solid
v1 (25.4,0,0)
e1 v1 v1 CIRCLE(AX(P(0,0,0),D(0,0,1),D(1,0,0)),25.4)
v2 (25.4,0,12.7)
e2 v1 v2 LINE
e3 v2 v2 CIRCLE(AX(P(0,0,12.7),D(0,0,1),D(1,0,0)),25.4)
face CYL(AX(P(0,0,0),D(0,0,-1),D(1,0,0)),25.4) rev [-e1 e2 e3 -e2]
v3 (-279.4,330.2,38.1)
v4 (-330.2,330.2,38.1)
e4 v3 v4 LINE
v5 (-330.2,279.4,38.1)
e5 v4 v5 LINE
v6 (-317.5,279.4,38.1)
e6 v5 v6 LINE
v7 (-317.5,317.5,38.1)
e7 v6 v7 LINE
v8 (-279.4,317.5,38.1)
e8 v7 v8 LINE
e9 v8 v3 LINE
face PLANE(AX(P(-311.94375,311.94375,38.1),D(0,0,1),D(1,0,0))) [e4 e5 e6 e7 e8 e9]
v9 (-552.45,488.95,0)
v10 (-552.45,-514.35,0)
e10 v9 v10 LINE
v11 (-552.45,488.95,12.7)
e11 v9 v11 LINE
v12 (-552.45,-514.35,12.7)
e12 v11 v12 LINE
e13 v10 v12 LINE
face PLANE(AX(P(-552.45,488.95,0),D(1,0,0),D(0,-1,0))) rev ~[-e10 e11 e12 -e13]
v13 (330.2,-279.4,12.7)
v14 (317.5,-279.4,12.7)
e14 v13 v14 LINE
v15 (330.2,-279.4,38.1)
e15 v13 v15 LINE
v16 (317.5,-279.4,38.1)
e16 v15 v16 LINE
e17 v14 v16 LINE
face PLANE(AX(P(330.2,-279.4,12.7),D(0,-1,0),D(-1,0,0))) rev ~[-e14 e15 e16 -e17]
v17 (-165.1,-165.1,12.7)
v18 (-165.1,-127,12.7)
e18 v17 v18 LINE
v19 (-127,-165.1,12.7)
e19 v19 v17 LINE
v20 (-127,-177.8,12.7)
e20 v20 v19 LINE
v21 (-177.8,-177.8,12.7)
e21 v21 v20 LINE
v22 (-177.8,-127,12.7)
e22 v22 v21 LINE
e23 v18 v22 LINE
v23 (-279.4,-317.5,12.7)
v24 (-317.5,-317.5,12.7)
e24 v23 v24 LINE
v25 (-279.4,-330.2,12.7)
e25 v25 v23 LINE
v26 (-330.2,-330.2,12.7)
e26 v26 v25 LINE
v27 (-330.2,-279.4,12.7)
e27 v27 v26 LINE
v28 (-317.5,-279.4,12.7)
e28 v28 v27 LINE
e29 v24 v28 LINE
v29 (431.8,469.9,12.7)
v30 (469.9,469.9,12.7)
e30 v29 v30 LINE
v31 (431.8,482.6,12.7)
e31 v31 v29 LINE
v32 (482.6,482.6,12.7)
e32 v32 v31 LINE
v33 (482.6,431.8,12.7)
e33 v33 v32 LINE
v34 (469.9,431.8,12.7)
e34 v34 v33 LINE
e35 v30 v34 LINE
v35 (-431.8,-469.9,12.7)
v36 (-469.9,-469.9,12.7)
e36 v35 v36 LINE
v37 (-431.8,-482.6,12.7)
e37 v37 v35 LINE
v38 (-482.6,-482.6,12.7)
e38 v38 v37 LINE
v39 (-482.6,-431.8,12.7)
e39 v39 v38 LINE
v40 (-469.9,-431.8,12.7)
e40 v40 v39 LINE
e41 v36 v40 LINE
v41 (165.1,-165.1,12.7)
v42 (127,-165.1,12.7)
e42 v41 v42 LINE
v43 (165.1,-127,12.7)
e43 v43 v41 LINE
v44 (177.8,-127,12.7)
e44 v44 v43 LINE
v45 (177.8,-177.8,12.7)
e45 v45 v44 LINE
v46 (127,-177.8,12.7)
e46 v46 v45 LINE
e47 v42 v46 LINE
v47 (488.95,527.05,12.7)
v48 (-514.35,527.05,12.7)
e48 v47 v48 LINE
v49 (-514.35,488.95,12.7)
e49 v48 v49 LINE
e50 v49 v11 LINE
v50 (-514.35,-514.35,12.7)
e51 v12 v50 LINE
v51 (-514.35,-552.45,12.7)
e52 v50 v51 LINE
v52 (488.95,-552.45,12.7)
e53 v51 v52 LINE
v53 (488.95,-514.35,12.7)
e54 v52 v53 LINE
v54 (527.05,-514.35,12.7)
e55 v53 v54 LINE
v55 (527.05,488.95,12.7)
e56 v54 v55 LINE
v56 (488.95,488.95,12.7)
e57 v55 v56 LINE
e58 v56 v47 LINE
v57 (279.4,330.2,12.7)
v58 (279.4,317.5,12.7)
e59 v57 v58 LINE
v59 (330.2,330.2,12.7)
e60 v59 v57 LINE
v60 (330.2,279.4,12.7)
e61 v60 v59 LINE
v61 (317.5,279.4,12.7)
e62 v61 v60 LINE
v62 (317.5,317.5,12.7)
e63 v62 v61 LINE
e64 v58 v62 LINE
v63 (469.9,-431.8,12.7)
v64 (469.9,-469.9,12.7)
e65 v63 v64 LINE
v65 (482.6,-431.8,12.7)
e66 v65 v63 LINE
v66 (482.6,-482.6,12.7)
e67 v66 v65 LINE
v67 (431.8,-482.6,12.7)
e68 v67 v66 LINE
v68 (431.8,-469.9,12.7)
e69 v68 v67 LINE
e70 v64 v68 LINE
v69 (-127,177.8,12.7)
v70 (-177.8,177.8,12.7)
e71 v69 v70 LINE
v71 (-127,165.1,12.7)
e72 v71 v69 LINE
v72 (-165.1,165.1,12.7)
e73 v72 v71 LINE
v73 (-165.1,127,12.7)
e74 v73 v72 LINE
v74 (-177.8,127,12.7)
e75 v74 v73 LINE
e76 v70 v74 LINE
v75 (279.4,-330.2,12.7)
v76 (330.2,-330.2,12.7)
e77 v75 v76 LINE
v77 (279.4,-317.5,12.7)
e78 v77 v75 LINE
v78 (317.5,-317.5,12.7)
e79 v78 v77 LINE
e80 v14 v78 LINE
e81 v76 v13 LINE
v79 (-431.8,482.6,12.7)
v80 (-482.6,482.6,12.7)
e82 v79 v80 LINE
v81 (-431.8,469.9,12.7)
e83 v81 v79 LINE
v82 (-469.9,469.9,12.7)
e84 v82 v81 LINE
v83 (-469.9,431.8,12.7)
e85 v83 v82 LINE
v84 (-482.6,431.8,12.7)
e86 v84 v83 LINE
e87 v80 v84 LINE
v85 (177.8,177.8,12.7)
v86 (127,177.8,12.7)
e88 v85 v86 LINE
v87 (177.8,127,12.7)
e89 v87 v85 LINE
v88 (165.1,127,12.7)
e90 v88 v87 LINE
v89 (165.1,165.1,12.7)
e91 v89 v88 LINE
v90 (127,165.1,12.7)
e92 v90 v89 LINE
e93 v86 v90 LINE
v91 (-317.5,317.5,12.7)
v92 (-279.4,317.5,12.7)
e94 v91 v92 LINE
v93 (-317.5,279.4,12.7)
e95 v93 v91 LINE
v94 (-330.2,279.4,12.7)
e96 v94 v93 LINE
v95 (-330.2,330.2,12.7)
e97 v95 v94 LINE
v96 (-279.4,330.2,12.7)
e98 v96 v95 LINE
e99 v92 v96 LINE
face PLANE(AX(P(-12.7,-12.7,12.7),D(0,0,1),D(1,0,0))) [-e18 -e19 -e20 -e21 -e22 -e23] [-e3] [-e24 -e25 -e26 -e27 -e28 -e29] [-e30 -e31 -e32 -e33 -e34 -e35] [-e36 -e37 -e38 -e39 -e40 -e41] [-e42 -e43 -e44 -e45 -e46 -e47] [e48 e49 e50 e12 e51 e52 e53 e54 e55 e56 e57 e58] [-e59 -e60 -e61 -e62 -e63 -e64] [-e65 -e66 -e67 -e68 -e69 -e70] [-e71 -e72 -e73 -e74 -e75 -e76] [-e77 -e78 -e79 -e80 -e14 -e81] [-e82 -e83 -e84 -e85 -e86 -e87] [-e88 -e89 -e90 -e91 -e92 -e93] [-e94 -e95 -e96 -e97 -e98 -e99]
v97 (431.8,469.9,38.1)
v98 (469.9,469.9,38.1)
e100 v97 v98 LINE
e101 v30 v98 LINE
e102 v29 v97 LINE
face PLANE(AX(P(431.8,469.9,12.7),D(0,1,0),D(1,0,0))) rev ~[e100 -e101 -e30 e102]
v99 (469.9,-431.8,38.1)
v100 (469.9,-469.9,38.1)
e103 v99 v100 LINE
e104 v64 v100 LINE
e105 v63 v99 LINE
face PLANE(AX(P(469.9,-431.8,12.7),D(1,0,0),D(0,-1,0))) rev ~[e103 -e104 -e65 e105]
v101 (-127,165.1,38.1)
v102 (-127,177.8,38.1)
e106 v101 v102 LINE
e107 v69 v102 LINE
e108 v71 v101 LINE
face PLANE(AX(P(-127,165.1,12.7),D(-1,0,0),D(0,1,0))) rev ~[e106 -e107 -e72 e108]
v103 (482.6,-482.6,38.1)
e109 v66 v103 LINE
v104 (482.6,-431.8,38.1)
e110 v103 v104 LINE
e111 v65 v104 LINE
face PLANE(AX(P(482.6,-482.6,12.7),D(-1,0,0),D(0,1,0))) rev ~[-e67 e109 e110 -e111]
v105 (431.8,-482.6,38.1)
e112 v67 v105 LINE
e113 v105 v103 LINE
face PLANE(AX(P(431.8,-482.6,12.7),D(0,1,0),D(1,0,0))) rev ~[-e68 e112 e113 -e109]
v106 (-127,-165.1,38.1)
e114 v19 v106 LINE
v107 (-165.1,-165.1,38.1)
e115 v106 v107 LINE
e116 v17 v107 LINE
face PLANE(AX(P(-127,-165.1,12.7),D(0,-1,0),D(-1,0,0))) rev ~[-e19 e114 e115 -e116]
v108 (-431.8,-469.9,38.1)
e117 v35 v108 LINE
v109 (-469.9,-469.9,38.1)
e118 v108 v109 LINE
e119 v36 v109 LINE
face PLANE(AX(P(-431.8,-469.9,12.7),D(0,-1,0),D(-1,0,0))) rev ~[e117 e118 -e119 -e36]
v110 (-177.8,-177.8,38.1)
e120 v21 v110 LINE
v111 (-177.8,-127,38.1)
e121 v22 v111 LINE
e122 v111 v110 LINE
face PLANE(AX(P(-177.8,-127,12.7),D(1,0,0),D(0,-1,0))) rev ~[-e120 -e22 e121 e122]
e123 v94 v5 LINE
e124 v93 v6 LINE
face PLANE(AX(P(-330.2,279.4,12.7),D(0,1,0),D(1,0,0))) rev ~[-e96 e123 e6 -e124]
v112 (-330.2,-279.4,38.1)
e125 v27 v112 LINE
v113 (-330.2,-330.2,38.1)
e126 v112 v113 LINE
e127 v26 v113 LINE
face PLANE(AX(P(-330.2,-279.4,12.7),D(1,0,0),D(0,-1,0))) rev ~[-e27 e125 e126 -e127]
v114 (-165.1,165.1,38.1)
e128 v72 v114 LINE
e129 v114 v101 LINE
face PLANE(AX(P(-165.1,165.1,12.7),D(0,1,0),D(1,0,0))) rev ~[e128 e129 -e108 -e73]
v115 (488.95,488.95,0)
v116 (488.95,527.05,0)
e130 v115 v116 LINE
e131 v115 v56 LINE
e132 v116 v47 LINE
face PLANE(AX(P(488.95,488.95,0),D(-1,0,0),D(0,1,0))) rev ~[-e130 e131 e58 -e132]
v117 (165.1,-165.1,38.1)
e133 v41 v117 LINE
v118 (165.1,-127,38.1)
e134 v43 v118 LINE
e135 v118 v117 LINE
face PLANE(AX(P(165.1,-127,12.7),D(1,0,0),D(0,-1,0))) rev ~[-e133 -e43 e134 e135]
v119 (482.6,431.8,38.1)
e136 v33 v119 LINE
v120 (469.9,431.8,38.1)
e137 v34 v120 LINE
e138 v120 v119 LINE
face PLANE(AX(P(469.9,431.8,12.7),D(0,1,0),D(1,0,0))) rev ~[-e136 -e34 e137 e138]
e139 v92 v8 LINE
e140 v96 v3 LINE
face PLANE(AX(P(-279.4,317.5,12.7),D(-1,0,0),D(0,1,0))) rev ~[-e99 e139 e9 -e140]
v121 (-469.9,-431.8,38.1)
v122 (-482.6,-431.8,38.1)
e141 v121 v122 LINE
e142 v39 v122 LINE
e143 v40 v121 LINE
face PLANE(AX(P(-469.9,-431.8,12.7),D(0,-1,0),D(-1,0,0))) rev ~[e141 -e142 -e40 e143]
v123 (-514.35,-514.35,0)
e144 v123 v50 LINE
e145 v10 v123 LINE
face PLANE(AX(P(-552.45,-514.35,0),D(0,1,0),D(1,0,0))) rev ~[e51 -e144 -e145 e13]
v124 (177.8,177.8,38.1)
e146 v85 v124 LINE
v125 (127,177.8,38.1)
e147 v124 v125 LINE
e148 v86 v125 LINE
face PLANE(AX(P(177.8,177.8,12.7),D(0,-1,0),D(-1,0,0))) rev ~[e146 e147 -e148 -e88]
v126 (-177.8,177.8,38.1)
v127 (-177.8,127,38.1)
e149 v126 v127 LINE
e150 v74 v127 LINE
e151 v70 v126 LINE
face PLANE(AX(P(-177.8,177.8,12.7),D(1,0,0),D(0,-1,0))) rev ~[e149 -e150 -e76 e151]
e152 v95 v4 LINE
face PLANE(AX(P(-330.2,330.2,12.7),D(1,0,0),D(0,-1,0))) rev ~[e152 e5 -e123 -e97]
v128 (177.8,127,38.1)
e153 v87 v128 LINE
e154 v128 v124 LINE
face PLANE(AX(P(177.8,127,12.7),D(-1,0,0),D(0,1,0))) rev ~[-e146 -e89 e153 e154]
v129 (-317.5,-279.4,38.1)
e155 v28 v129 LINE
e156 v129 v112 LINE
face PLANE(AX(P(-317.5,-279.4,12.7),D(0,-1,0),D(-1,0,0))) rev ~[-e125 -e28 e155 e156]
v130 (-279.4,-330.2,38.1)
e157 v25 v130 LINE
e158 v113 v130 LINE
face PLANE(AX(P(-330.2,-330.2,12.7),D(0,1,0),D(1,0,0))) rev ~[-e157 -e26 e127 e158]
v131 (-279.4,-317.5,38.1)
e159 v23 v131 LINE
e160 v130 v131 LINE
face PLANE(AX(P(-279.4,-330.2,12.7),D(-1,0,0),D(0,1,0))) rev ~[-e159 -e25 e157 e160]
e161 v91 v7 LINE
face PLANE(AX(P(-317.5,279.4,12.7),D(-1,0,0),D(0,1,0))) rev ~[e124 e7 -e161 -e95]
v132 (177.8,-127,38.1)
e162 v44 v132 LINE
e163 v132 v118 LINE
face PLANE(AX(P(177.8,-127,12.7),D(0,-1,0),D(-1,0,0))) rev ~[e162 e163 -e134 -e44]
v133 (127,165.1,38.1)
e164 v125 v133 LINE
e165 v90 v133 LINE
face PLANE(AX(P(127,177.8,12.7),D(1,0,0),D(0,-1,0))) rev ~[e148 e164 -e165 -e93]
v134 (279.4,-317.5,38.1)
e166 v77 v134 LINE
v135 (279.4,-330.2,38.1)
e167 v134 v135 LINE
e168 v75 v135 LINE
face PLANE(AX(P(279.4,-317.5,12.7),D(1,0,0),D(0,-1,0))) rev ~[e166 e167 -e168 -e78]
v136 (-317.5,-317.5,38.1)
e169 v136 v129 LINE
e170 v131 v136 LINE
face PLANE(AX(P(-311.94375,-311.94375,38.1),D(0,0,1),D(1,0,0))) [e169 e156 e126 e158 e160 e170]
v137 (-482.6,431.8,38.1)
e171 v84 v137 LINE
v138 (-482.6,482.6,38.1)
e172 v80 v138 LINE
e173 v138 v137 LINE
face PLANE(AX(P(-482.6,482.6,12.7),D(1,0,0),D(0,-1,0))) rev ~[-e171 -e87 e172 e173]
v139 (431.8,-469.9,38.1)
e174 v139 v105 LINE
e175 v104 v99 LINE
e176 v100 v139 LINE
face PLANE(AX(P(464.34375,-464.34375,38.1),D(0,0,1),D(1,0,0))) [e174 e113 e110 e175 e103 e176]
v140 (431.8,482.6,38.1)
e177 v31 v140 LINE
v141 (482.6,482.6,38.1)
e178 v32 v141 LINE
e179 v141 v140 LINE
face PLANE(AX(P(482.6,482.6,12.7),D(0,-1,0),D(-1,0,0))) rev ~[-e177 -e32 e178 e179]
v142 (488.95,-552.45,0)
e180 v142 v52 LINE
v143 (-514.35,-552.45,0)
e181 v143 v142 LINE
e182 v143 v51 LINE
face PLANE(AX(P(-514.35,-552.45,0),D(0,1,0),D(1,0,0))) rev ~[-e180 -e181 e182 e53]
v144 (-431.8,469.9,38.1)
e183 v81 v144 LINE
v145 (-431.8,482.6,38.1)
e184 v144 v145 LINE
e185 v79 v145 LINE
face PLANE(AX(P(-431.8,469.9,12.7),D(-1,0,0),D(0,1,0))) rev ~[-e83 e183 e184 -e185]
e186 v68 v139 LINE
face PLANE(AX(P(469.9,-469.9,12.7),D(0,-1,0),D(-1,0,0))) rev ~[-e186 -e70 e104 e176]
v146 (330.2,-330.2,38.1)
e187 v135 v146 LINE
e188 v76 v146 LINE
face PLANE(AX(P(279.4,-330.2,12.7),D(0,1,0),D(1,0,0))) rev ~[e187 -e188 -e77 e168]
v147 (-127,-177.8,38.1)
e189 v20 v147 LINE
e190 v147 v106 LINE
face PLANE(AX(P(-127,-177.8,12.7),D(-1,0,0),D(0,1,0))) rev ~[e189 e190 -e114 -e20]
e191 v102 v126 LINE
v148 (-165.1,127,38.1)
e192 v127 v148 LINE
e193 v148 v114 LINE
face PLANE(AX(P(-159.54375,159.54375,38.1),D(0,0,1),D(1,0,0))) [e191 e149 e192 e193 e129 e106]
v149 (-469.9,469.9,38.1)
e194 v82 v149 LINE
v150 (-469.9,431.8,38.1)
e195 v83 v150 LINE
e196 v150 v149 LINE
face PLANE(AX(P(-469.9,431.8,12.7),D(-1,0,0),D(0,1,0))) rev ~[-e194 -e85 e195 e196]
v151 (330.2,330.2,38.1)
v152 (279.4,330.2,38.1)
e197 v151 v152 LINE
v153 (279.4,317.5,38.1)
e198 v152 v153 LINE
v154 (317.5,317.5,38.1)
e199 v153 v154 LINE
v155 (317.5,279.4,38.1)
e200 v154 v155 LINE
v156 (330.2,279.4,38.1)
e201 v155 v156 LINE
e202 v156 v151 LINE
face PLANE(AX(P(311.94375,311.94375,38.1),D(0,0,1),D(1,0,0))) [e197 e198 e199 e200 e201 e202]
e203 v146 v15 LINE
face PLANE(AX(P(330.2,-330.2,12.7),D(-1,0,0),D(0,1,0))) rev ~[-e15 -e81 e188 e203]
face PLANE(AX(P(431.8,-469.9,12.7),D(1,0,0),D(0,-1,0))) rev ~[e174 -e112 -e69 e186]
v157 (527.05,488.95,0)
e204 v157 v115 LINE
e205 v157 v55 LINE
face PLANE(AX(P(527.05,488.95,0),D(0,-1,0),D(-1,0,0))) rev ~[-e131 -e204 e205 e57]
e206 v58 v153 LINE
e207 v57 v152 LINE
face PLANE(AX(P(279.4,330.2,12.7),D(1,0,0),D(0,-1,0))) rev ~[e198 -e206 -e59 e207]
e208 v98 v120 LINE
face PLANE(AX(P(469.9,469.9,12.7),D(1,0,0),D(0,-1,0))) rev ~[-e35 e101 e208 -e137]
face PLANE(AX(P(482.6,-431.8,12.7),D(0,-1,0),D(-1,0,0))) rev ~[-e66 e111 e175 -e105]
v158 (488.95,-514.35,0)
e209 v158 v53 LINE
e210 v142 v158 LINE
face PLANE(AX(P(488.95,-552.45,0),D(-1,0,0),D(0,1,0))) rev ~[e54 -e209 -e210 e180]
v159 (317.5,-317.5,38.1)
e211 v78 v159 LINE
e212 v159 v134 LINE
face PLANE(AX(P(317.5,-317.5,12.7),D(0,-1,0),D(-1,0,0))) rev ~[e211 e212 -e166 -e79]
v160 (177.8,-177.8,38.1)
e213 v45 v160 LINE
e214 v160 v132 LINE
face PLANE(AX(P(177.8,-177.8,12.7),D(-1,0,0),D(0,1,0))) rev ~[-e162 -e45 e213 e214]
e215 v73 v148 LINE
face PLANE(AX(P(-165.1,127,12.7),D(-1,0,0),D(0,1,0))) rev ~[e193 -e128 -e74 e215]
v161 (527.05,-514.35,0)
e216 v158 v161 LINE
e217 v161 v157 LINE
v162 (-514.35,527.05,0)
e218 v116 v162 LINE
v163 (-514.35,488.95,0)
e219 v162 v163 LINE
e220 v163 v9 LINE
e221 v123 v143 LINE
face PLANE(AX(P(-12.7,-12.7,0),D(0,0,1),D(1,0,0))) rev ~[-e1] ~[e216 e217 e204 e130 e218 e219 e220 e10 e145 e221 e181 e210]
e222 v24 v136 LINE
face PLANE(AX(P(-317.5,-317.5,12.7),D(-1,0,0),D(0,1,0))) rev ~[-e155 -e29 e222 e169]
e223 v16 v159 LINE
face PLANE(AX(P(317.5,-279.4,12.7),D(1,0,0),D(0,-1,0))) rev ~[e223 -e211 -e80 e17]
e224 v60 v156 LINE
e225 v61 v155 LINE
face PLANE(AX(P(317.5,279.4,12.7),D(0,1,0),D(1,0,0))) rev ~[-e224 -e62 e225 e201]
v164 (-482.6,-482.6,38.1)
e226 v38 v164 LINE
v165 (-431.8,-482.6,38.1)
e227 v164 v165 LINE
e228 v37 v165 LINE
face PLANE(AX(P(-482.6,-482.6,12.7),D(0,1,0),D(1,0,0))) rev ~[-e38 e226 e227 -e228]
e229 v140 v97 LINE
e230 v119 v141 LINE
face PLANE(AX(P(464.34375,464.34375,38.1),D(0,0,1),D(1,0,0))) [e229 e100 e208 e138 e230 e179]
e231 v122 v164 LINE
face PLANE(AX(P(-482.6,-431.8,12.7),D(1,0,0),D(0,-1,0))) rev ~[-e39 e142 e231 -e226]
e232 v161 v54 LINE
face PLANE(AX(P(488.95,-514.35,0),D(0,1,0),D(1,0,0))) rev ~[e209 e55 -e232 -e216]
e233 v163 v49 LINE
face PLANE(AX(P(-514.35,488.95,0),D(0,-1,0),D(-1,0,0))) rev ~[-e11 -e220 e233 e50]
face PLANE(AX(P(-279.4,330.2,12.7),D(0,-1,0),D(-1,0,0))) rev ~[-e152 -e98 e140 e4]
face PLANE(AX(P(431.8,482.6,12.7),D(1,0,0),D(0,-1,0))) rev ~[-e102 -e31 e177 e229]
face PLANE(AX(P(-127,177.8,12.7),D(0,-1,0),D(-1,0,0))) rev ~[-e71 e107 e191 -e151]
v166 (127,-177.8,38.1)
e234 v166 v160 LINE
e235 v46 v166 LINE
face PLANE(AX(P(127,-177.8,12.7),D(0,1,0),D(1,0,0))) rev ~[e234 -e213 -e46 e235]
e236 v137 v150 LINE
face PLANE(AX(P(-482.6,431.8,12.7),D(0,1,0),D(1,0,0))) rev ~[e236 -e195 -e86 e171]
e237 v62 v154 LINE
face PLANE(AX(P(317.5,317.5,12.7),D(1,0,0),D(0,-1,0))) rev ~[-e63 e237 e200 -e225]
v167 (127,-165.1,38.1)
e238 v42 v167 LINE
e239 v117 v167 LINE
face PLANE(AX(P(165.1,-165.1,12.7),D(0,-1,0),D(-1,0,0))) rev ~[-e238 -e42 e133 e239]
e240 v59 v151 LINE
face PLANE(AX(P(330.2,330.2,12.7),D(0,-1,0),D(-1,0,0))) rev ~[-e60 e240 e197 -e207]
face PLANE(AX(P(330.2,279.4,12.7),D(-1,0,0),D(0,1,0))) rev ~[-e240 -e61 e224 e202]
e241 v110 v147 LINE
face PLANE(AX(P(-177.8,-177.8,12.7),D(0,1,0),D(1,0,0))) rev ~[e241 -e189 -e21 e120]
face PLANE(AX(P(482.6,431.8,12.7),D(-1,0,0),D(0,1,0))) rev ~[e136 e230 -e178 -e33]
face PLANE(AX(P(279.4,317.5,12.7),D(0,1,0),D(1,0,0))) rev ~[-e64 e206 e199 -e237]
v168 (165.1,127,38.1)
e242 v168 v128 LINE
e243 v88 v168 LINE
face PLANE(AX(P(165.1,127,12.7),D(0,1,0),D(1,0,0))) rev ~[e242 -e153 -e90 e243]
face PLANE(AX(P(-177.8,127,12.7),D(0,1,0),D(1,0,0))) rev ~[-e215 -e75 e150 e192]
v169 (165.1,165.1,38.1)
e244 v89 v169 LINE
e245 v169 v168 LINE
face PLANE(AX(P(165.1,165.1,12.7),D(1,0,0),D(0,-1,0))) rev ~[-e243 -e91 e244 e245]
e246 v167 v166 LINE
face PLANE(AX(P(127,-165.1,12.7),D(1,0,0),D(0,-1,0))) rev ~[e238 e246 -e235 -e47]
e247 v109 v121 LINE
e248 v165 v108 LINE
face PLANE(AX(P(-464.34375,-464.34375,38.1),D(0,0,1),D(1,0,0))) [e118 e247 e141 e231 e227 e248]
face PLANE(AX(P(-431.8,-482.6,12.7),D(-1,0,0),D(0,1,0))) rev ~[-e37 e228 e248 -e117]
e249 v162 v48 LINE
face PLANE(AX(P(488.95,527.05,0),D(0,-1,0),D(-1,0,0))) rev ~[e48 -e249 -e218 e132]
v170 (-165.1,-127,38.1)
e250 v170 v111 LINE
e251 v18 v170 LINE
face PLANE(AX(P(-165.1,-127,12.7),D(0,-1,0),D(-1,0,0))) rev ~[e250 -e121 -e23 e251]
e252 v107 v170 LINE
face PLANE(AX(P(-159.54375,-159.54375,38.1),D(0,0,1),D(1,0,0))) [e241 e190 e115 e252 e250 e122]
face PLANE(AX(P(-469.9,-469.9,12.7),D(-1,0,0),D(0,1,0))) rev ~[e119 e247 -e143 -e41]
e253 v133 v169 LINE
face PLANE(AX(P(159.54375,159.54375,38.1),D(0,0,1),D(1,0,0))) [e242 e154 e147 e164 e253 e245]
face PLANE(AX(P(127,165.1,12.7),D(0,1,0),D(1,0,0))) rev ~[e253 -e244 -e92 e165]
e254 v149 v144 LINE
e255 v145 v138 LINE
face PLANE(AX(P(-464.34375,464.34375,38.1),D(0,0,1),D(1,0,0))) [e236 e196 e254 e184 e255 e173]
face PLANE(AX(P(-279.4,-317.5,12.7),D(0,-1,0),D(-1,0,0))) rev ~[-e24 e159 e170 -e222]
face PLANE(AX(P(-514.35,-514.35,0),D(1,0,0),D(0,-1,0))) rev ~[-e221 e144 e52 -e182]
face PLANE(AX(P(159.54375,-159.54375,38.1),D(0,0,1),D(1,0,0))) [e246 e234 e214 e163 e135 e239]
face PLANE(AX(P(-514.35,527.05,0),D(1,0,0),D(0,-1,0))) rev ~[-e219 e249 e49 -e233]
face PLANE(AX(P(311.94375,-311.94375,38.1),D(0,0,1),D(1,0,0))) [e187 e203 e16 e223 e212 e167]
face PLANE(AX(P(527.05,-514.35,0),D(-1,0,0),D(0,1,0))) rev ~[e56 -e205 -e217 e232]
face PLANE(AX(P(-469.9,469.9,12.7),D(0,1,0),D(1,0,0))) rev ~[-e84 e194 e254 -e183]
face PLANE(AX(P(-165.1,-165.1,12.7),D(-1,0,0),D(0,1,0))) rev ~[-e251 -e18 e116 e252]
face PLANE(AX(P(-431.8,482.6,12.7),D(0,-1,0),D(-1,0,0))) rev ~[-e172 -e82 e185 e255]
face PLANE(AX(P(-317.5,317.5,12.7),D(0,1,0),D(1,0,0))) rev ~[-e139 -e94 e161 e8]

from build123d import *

# Parameters (mm, degrees)
F0_R     = 25.4
F1_DEPTH = 12.7
F3_DEPTH = 25.4


with BuildPart() as f1:
    # F0 (on Top) → F1 (new body)
    with BuildSketch(Plane.XY):
        Polygon((-514.35, 488.95), (-552.45, 488.95), (-552.45, -514.35), (-514.35, -514.35), (-514.35, -552.45), (488.95, -552.45), (488.95, -514.35), (527.05, -514.35), (527.05, 488.95), (488.95, 488.95), (488.95, 527.05), (-514.35, 527.05), align=None)
        Circle(F0_R, mode=Mode.SUBTRACT)
    extrude(amount=F1_DEPTH)

    # F2 (on face) → F3 (join)
    with BuildSketch(Plane.XY.offset(12.7)):
        Polygon((-330.2, 330.2), (-330.2, 279.4), (-317.5, 279.4), (-317.5, 317.5), (-279.4, 317.5), (-279.4, 330.2), align=None)
        Polygon((-127, 177.8), (-177.8, 177.8), (-177.8, 127), (-165.1, 127), (-165.1, 165.1), (-127, 165.1), align=None)
        Polygon((-165.1, -127), (-177.8, -127), (-177.8, -177.8), (-127, -177.8), (-127, -165.1), (-165.1, -165.1), align=None)
        Polygon((177.8, 177.8), (127, 177.8), (127, 165.1), (165.1, 165.1), (165.1, 127), (177.8, 127), align=None)
        Polygon((330.2, 330.2), (279.4, 330.2), (279.4, 317.5), (317.5, 317.5), (317.5, 279.4), (330.2, 279.4), align=None)
        Polygon((177.8, -177.8), (177.8, -127), (165.1, -127), (165.1, -165.1), (127, -165.1), (127, -177.8), align=None)
        Polygon((482.6, 482.6), (431.8, 482.6), (431.8, 469.9), (469.9, 469.9), (469.9, 431.8), (482.6, 431.8), align=None)
        Polygon((-431.8, 482.6), (-482.6, 482.6), (-482.6, 431.8), (-469.9, 431.8), (-469.9, 469.9), (-431.8, 469.9), align=None)
        Polygon((-317.5, -279.4), (-330.2, -279.4), (-330.2, -330.2), (-279.4, -330.2), (-279.4, -317.5), (-317.5, -317.5), align=None)
        Polygon((-469.9, -431.8), (-482.6, -431.8), (-482.6, -482.6), (-431.8, -482.6), (-431.8, -469.9), (-469.9, -469.9), align=None)
        Polygon((330.2, -330.2), (330.2, -279.4), (317.5, -279.4), (317.5, -317.5), (279.4, -317.5), (279.4, -330.2), align=None)
        Polygon((431.8, -482.6), (482.6, -482.6), (482.6, -431.8), (469.9, -431.8), (469.9, -469.9), (431.8, -469.9), align=None)
    extrude(amount=F3_DEPTH)


solid = f1.part
